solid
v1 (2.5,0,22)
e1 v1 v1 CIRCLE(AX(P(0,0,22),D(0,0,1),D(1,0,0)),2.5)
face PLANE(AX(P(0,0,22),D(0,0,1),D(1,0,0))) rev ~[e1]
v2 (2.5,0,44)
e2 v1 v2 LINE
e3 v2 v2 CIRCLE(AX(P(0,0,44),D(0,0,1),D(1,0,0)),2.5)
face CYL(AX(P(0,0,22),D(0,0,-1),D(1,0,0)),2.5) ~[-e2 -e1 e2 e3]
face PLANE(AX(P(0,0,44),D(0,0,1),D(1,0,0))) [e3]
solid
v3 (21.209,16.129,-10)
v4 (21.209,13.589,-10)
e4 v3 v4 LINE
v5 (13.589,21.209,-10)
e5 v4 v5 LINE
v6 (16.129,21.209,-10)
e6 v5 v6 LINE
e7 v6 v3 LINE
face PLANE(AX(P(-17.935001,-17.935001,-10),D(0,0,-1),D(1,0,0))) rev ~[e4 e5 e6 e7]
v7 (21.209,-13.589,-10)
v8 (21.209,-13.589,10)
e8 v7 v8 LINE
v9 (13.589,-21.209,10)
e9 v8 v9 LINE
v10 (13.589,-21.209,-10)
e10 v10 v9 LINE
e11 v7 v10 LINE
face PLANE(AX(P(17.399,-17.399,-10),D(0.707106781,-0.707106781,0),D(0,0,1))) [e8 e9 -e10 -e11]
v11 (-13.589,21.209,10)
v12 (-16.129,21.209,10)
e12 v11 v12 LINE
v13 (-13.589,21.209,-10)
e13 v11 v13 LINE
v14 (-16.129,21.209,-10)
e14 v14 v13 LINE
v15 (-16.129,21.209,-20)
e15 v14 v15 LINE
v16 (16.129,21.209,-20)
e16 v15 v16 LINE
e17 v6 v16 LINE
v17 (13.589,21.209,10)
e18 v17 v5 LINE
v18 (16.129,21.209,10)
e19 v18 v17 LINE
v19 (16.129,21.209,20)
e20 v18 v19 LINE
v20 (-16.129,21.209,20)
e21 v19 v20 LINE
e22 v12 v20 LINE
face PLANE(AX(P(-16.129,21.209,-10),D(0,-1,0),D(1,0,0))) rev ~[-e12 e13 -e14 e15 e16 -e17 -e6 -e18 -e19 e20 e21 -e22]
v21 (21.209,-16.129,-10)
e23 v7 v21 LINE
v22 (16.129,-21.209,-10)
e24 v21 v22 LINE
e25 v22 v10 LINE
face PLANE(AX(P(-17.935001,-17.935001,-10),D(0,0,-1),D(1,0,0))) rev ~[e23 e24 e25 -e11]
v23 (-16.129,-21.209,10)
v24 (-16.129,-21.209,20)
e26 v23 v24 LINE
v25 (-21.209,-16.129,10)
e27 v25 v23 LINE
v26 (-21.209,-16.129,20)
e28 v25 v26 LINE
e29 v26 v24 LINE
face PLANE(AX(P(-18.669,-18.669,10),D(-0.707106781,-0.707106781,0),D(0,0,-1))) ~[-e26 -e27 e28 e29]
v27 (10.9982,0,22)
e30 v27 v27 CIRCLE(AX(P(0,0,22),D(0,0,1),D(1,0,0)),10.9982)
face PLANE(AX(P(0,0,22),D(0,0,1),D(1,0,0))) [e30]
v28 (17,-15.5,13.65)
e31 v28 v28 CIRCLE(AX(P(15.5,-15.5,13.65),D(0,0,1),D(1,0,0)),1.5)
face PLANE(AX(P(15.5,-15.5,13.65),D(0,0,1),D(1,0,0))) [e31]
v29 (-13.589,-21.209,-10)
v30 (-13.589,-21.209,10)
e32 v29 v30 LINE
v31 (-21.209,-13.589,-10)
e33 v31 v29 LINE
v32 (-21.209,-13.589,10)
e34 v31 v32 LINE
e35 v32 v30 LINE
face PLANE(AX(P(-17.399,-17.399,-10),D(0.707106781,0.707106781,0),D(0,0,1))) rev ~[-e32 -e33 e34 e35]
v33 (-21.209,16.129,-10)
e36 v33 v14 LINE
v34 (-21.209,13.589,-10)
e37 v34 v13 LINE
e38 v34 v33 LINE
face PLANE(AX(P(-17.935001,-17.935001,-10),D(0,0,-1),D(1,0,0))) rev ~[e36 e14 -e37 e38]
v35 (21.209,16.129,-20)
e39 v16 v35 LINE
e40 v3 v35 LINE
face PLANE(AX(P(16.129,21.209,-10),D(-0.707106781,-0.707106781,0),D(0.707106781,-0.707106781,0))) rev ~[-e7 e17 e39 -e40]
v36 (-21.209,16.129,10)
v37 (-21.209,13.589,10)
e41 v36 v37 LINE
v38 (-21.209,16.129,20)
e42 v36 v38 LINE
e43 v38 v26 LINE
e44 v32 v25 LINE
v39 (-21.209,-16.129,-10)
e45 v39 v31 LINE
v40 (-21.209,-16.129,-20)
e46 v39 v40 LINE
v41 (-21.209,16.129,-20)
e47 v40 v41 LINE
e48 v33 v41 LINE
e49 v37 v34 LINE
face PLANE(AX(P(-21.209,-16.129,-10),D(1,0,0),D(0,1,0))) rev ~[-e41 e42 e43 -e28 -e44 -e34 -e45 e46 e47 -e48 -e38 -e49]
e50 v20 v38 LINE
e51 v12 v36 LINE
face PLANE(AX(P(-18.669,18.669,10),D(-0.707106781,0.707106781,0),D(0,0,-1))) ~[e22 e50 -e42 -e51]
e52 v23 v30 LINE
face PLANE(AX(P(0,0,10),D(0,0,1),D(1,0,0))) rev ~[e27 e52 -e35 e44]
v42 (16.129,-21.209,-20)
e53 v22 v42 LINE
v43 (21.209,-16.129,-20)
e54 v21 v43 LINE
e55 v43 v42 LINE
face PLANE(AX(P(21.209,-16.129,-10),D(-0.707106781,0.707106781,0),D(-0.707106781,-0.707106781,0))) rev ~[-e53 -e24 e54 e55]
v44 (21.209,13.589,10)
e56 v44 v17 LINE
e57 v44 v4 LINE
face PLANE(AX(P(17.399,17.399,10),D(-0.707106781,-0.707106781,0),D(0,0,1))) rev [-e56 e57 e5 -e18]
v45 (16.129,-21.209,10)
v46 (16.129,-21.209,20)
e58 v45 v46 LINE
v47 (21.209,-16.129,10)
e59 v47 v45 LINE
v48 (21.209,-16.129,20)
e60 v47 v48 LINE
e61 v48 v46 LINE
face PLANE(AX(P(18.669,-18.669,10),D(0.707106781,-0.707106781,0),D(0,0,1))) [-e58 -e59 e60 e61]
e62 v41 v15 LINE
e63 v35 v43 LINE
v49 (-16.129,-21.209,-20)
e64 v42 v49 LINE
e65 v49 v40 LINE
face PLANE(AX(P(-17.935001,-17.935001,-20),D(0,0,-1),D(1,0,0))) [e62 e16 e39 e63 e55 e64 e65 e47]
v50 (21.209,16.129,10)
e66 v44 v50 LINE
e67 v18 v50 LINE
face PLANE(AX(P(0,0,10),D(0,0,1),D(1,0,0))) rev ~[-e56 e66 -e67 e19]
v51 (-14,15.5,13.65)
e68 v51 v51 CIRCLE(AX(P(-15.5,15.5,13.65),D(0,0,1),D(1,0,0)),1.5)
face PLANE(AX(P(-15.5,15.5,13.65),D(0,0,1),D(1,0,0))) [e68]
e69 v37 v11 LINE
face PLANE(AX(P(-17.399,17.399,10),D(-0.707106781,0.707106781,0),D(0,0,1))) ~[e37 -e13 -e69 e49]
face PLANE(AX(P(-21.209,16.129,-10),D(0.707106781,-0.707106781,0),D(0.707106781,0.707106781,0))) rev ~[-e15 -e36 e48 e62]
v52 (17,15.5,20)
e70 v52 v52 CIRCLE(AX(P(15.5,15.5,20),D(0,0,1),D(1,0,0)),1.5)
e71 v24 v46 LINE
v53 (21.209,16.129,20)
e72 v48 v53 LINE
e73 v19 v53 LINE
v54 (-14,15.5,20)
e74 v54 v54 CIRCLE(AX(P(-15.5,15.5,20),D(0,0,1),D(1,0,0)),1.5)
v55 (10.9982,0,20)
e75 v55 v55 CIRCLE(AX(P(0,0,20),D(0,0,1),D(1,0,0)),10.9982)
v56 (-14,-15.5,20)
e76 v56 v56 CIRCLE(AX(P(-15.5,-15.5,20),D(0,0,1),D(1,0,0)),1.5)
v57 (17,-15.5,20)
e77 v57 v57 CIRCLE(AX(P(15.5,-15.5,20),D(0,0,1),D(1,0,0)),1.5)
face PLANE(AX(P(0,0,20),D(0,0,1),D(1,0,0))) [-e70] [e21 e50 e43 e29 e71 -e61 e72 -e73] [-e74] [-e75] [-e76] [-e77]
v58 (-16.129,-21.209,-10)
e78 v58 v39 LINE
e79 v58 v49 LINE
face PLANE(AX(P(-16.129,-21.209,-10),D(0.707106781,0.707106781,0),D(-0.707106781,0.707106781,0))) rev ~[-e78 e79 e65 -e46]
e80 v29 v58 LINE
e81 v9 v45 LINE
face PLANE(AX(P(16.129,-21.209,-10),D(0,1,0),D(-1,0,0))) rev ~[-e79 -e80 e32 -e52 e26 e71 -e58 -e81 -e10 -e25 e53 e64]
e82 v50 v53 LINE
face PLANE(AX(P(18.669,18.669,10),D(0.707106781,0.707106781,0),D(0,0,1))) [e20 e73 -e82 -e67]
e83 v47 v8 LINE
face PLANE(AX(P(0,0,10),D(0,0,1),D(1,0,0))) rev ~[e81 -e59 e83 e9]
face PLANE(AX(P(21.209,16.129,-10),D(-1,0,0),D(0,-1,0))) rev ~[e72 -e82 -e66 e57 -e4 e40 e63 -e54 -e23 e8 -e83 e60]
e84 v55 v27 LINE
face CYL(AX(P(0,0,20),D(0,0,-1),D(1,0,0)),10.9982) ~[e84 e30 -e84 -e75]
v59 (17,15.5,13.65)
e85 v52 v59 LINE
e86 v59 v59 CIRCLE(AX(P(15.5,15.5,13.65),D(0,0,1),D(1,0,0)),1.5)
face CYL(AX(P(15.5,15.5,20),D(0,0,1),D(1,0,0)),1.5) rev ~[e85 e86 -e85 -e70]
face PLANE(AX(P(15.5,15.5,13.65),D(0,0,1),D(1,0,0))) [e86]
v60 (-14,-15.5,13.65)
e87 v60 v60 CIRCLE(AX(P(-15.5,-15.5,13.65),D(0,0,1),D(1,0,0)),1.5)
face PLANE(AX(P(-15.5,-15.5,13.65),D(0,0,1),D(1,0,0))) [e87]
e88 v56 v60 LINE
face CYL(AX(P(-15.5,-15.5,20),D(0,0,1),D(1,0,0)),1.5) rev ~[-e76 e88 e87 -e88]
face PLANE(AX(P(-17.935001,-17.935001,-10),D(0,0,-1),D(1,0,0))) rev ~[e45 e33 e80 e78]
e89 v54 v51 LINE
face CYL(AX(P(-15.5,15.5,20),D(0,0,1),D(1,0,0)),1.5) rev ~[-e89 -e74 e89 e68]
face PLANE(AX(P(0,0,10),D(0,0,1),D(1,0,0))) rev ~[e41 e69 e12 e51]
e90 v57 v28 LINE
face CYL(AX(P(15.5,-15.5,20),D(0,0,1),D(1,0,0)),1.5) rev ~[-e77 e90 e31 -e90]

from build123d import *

# Parameters (mm, degrees)
F0_W      = 42.418
F0_H      = 42.418
F1_DEPTH  = 10
F2_SIZE   = 7.62
F4_DEPTH  = 10
F5_SIZE   = 5.08
F7_DEPTH  = 10
F8_R      = 10.9982
F9_DEPTH  = 2
F10_R     = 2.5
F11_DEPTH = 22
F13_DEPTH = 15
F14_R     = 1.5
F15_DEPTH = 6.35


with BuildPart() as f1:
    # F0 (on Top) → F1 (new body, symmetric)
    with BuildSketch(Plane.XY):
        Rectangle(F0_W, F0_H)
    extrude(amount=F1_DEPTH, both=True)

    # F2
    f2_edges = [f1.edges().sort_by_distance(p)[0] for p in [
        (21.209, 21.209, 0),
        (-21.209, 21.209, 0),
        (-21.209, -21.209, 0),
        (21.209, -21.209, 0),
    ]]
    chamfer(f2_edges, length=F2_SIZE)

    # F3 (on face) → F4 (join)
    with BuildSketch(Plane.XY.offset(10)):
        Polygon((13.589, 21.209), (-13.589, 21.209), (-21.209, 13.589), (-21.209, -13.589), (-13.589, -21.209), (13.589, -21.209), (21.209, -13.589), (21.209, 13.589), align=None)
        Polygon((21.209, 21.209), (13.589, 21.209), (21.209, 13.589), align=None)
        Polygon((-13.589, 21.209), (-21.209, 21.209), (-21.209, 13.589), align=None)
        Polygon((-13.589, -21.209), (-21.209, -13.589), (-21.209, -21.209), align=None)
        Polygon((21.209, -21.209), (21.209, -13.589), (13.589, -21.209), align=None)
    extrude(amount=F4_DEPTH)

    # F5
    f5_edges = [f1.edges().sort_by_distance(p)[0] for p in [
        (21.209, 21.209, 15),
        (-21.209, 21.209, 15),
        (-21.209, -21.209, 15),
        (21.209, -21.209, 15),
    ]]
    chamfer(f5_edges, length=F5_SIZE)

    # F6 (on face) → F7 (join)
    with BuildSketch(Plane(origin=(0, 0, -10), x_dir=(1, 0, 0), z_dir=(0, 0, -1))):
        Polygon((-13.589, 21.209), (-16.129, 21.209), (-21.209, 16.129), (-21.209, 13.589), align=None)
        Polygon((16.129, 21.209), (13.589, 21.209), (21.209, 13.589), (21.209, 16.129), align=None)
        Polygon((21.209, -16.129), (21.209, -13.589), (13.589, -21.209), (16.129, -21.209), align=None)
        Polygon((-13.589, -21.209), (-21.209, -13.589), (-21.209, -16.129), (-16.129, -21.209), align=None)
        Polygon((13.589, 21.209), (-13.589, 21.209), (-21.209, 13.589), (-21.209, -13.589), (-13.589, -21.209), (13.589, -21.209), (21.209, -13.589), (21.209, 13.589), align=None)
    extrude(amount=F7_DEPTH)

    # F8 (on face) → F9 (join)
    with BuildSketch(Plane.XY.offset(20)):
        Circle(F8_R)
    extrude(amount=F9_DEPTH)

    # F12 (on face) → F13 (cut)
    with BuildSketch(Plane.XY.offset(44)):
        with BuildLine():
            Line((2.6203631624, 2.9334036984), (-2.6333660554, 2.9334036984))
            Line((-2.6333660554, 2.9334036984), (-2.6333660554, 2))
            Line((-2.6333660554, 2), (-1.5, 2))
            ThreePointArc((-1.5, 2), (0, 2.5), (1.5, 2))
            Line((1.5, 2), (2.6203631624, 2))
            Line((2.6203631624, 2), (2.6203631624, 2.9334036984))
        make_face()
    extrude(amount=-F13_DEPTH, mode=Mode.SUBTRACT)

    # F14 (on face) → F15 (cut)
    with BuildSketch(Plane.XY.offset(20)):
        with Locations((-15.5, 15.5)):
            Circle(F14_R)
        with Locations((15.5, 15.5)):
            Circle(F14_R)
        with Locations((15.5, -15.5)):
            Circle(F14_R)
        with Locations((-15.5, -15.5)):
            Circle(F14_R)
    extrude(amount=-F15_DEPTH, mode=Mode.SUBTRACT)


with BuildPart() as f11:
    # F10 (on face) → F11 (new body)
    with BuildSketch(Plane.XY.offset(22)):
        Circle(F10_R)
    extrude(amount=F11_DEPTH)


solid = Compound([f1.part, f11.part])
